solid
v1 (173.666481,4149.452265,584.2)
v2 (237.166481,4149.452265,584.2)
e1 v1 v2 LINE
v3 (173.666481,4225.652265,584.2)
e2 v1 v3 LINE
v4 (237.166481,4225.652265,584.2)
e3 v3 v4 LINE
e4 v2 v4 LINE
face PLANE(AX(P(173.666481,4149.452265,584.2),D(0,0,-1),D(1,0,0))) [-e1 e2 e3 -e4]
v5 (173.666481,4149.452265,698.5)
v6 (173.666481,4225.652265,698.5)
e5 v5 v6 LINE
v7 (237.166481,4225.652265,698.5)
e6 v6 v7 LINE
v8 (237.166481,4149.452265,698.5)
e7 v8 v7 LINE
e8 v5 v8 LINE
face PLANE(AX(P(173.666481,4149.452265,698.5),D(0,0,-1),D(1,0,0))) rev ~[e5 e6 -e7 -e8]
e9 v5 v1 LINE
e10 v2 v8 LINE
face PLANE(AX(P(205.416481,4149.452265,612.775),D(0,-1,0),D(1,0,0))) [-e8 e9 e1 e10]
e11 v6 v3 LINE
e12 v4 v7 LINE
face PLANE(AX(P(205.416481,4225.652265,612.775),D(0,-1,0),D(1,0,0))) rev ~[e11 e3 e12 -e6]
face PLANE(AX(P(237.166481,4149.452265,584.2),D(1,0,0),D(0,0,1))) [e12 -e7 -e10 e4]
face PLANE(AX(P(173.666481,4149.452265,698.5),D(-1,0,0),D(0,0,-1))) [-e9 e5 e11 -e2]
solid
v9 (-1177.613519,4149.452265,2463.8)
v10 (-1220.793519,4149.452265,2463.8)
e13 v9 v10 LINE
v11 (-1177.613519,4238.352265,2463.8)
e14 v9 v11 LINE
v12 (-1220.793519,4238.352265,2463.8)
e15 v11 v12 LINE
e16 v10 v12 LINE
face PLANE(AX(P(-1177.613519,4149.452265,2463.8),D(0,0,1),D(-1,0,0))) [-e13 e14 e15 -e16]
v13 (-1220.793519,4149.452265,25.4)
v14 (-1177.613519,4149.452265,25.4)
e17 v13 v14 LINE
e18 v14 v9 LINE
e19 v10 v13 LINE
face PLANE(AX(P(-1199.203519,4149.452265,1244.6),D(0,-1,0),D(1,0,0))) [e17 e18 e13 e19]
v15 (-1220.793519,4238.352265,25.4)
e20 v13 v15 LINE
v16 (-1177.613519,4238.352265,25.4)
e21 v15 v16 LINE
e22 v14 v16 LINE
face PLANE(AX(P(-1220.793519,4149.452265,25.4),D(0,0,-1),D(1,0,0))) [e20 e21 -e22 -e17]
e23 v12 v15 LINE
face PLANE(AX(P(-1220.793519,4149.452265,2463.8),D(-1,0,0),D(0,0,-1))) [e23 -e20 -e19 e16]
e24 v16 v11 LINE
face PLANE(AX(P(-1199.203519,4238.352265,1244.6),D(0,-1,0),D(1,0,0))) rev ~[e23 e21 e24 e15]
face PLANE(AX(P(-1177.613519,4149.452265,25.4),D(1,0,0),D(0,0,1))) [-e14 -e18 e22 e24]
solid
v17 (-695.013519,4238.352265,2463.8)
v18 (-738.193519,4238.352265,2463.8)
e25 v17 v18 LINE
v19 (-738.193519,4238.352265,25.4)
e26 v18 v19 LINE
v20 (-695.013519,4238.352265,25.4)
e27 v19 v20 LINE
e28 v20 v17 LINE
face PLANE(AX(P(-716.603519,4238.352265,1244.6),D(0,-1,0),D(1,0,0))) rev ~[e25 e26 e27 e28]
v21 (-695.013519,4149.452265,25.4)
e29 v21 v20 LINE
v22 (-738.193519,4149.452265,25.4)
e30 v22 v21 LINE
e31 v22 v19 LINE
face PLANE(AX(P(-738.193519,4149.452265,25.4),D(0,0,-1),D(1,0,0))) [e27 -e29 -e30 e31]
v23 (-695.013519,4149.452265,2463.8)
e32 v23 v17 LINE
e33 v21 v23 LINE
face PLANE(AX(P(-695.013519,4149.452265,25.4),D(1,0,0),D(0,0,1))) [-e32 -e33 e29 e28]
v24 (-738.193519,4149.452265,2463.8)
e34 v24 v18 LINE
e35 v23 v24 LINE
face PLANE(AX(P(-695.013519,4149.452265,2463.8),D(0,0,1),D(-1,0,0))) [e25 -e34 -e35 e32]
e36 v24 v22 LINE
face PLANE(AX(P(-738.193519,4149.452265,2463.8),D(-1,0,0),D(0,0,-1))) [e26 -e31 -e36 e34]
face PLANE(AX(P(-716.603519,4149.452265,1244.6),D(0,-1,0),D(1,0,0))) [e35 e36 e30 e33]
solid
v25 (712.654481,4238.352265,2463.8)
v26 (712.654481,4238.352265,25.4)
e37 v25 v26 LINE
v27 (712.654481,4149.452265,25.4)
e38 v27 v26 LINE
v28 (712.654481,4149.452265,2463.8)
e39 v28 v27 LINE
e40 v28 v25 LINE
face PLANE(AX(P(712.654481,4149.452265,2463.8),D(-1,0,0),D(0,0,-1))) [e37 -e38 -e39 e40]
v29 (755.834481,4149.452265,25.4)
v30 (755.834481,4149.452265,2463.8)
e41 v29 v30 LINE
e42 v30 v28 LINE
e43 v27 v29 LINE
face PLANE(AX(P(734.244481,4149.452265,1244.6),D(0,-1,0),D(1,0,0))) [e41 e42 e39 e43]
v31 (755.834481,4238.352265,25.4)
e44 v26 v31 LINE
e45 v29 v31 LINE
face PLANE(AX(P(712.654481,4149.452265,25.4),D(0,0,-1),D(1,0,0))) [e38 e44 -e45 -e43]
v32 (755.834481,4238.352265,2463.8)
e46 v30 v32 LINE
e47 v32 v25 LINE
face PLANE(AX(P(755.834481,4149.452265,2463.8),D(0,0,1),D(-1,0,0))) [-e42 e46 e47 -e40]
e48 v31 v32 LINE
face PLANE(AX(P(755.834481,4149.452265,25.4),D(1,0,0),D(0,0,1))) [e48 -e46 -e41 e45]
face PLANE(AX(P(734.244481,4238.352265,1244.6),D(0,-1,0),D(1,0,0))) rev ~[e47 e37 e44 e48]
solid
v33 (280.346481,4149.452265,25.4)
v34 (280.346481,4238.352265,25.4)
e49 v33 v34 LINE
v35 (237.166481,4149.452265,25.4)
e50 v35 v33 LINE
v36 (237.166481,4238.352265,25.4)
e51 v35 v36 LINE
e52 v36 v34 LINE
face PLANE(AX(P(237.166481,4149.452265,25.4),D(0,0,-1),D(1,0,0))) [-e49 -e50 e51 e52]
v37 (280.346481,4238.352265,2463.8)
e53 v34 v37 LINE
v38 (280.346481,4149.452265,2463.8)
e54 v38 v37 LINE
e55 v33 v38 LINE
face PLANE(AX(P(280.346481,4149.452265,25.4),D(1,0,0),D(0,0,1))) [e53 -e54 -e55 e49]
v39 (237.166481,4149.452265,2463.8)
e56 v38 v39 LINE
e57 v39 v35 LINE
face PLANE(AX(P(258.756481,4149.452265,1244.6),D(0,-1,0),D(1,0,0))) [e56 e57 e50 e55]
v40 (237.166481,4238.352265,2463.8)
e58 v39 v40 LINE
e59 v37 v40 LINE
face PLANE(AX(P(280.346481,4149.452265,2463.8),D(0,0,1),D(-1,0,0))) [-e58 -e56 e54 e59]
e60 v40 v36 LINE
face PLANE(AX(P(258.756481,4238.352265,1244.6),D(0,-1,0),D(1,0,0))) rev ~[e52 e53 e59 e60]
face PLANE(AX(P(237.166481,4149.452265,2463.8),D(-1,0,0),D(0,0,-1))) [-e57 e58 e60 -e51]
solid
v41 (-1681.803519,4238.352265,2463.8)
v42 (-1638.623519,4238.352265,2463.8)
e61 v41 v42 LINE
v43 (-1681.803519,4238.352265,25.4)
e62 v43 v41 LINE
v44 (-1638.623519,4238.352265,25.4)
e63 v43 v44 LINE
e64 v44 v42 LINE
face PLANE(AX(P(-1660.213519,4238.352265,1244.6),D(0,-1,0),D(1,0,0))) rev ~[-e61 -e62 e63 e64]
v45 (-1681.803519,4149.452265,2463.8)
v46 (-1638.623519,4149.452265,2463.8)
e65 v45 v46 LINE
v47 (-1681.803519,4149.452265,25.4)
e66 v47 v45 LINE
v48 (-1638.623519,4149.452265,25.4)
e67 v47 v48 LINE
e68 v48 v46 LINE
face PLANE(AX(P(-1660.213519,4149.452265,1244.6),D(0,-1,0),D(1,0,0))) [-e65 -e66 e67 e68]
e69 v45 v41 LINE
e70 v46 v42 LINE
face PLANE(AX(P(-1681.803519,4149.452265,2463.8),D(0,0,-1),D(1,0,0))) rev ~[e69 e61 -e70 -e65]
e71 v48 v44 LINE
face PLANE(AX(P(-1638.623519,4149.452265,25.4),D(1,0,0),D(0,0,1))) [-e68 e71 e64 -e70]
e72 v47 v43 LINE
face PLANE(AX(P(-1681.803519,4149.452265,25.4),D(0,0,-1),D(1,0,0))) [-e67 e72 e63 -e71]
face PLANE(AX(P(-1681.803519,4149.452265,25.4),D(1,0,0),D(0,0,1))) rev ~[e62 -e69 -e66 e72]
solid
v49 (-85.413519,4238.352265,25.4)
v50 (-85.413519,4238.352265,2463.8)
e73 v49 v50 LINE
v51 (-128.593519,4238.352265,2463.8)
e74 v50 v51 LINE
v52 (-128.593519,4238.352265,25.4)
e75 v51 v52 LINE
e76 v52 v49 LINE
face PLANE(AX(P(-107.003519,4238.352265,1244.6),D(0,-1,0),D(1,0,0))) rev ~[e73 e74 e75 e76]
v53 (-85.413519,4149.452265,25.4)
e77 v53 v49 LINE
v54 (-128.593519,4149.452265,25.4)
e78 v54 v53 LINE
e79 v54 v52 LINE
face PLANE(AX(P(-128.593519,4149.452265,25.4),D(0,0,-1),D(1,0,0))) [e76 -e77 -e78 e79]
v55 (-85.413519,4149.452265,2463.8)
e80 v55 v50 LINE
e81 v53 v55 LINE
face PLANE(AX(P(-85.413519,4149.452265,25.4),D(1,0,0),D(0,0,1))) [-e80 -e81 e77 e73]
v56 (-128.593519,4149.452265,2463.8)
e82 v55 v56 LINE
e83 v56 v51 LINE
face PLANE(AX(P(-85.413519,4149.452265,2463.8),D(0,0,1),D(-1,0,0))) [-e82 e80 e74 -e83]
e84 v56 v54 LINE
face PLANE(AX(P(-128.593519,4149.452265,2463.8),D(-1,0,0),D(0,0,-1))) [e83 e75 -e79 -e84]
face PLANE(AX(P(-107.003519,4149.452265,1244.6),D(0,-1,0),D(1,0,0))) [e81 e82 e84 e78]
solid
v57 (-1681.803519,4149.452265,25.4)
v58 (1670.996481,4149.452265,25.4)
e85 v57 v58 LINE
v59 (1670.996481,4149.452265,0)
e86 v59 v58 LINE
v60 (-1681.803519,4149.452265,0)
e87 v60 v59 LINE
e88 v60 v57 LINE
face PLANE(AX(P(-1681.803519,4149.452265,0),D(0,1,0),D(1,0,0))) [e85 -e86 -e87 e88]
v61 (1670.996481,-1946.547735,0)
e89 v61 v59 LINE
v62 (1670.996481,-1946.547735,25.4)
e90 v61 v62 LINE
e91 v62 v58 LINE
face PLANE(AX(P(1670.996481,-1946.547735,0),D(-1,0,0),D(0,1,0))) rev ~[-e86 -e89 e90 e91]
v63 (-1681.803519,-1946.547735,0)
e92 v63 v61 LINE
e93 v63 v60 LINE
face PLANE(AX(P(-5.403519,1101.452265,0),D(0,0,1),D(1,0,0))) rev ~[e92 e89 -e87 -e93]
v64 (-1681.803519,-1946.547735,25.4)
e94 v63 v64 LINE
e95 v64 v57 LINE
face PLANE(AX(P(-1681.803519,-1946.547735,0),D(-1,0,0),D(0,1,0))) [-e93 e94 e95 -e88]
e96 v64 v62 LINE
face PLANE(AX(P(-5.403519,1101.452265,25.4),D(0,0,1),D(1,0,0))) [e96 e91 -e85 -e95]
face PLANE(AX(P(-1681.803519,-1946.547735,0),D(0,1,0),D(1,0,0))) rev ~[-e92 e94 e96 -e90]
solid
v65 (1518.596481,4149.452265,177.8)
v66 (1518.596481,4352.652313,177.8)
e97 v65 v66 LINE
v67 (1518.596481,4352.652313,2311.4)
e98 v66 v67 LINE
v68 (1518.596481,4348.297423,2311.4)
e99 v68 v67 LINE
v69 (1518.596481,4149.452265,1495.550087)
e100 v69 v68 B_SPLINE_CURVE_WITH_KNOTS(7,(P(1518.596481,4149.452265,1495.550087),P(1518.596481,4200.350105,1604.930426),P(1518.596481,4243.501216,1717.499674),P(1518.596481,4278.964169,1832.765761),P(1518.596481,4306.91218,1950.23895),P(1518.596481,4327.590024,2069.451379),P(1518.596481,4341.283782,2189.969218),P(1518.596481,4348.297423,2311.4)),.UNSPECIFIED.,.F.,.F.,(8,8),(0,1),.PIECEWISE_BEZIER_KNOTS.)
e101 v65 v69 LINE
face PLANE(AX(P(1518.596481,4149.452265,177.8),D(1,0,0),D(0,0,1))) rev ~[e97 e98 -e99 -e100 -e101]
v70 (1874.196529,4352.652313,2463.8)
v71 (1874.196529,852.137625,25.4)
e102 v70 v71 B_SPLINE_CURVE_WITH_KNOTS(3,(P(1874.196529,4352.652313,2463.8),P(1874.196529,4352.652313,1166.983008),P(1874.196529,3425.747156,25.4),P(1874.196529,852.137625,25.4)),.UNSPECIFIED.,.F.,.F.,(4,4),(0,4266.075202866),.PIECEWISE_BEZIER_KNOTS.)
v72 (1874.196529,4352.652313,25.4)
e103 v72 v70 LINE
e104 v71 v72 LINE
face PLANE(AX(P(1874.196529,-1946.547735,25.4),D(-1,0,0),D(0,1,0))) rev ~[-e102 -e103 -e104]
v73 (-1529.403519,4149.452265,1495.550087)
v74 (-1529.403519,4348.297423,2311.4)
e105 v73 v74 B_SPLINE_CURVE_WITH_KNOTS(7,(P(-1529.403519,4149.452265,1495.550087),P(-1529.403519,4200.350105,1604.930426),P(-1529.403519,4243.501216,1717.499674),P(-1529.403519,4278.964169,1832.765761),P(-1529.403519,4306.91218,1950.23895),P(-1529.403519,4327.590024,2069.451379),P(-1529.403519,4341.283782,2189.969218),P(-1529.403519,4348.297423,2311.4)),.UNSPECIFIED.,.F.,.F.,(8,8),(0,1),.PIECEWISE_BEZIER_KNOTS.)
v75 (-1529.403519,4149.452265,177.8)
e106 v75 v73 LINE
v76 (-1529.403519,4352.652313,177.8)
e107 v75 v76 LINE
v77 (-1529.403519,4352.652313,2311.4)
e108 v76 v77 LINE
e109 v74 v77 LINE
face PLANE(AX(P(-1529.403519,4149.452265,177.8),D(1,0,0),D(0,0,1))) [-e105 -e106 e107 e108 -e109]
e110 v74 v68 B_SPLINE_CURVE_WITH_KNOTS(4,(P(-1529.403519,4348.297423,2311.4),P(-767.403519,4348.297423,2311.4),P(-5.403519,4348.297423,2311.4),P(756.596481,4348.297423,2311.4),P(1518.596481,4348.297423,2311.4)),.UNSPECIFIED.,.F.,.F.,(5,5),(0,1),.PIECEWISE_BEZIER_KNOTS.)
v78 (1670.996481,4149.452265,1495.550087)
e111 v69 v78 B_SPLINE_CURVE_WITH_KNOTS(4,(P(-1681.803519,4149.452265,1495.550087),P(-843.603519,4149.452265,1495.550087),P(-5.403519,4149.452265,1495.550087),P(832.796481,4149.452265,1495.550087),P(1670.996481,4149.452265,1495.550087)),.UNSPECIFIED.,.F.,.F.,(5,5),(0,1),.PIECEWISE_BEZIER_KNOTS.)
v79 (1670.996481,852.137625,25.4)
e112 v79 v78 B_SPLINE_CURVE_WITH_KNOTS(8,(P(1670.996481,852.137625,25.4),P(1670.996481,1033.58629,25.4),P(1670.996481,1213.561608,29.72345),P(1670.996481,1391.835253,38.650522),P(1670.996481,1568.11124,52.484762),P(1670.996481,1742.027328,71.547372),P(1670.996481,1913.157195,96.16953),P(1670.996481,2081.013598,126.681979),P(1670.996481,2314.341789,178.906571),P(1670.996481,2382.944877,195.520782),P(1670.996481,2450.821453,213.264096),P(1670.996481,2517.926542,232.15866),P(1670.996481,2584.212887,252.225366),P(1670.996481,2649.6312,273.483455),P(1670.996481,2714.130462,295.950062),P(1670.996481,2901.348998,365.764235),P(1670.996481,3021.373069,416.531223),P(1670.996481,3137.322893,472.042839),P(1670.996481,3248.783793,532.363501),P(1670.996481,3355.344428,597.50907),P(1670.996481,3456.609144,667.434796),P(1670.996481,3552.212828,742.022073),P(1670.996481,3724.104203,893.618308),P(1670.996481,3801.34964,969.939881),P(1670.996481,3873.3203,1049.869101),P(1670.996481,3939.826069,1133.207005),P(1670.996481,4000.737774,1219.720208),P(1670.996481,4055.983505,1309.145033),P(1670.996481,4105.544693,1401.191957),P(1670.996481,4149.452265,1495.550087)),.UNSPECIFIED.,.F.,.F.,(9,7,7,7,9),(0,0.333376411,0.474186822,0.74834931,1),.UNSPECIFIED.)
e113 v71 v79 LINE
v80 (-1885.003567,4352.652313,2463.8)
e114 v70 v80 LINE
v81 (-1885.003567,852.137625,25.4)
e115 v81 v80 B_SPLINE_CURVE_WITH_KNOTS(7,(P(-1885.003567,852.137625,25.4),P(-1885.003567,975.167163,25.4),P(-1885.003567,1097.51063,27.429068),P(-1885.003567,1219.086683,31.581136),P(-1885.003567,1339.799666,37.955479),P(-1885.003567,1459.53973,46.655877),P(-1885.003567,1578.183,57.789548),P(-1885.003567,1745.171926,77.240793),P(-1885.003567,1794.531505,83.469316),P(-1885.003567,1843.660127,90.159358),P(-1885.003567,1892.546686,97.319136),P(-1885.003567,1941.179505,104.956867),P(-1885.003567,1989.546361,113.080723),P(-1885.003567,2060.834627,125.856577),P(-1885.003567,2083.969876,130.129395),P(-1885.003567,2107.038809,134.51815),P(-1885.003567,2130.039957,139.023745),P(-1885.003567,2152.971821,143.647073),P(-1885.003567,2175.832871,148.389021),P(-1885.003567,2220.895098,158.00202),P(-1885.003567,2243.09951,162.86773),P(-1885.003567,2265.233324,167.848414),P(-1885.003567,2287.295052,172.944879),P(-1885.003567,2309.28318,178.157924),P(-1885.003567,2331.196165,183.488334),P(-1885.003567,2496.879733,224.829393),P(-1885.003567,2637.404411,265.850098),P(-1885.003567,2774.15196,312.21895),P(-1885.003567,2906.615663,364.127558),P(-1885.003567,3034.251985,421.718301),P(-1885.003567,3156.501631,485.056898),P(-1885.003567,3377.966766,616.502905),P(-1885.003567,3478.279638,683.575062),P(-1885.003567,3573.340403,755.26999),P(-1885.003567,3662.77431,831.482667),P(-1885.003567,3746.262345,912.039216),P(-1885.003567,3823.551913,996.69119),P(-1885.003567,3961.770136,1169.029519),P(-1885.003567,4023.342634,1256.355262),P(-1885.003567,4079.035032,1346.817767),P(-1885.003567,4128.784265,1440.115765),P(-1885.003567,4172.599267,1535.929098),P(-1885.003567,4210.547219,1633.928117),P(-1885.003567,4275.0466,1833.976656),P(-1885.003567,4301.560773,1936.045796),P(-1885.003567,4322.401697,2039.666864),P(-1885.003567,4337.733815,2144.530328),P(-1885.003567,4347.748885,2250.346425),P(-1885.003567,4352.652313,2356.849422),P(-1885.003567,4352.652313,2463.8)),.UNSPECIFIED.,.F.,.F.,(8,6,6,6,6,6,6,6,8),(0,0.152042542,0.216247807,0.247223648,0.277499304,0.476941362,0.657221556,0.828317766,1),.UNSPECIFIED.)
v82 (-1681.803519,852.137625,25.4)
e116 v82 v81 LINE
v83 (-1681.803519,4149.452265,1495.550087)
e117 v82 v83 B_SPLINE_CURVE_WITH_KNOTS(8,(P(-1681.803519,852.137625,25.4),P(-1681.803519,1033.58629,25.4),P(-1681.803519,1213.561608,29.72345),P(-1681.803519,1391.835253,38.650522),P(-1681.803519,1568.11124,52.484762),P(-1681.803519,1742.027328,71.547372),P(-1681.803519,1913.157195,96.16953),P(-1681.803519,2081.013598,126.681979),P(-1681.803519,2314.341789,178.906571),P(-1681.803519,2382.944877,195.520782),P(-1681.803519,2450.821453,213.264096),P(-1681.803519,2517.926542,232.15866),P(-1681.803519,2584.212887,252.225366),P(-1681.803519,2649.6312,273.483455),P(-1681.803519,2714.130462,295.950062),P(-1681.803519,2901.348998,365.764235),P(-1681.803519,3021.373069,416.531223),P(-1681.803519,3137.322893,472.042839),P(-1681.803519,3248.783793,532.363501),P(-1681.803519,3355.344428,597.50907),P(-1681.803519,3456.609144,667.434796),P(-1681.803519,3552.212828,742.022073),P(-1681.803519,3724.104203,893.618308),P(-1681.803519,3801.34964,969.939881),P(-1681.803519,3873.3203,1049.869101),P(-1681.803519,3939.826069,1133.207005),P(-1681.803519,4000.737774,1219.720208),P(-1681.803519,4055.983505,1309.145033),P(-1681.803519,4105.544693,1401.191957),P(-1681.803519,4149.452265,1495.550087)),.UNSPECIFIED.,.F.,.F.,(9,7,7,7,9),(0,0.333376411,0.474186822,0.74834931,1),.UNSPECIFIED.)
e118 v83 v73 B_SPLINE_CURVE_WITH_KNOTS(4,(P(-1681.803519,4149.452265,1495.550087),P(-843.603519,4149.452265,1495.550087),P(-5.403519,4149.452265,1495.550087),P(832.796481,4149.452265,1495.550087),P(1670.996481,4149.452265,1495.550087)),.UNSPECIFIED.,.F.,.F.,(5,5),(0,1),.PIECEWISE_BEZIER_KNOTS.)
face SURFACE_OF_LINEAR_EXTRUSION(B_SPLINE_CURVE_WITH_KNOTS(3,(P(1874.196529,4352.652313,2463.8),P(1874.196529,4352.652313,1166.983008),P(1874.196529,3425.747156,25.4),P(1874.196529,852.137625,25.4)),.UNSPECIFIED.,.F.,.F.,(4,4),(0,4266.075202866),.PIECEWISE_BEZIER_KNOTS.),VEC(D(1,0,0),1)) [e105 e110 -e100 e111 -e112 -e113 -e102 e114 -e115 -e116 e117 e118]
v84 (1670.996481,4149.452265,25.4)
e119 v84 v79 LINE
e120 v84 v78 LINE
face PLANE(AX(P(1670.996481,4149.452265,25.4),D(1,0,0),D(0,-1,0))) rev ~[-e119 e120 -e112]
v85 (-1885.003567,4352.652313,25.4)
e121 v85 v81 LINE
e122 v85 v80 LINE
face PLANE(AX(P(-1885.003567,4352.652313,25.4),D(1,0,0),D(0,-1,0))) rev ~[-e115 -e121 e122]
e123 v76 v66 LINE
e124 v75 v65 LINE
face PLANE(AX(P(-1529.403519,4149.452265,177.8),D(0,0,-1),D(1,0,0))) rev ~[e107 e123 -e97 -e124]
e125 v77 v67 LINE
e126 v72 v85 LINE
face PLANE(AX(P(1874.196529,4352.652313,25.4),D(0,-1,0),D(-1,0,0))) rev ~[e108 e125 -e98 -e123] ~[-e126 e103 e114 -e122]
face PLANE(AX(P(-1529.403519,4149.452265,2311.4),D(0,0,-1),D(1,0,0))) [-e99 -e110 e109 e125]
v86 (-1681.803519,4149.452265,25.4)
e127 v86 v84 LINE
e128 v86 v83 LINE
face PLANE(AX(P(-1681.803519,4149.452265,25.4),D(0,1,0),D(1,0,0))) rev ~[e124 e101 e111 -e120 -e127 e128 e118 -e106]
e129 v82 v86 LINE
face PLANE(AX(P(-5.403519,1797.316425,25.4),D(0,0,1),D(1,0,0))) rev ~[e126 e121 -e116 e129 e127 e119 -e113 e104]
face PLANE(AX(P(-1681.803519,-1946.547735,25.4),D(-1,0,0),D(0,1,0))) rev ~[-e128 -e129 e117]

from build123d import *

# Parameters (mm, degrees)
F0_W      = 3352.8
F0_H      = 6096
F1_DEPTH  = 25.4
F3_DEPTH  = 2438.4
F5_W      = 3048
F5_H      = 2133.6
F6_DEPTH  = 203.2000480652
F8_DEPTH  = 88.9
F7_W      = 43.18
F7_H      = 2438.4
F9_W      = 63.5
F9_H      = 57.15
F9_R      = 18.2732775263
F10_DEPTH = 76.2
F11_DEPTH = 3759.2010961304


with BuildPart() as f1:
    # F0 (on Top) → F1 (new body)
    with BuildSketch(Plane.XY):
        with Locations((-5.4035186768, 1101.4522645245)):
            Rectangle(F0_W, F0_H)
    extrude(amount=F1_DEPTH)


with BuildPart() as f3:
    # F2 (on face) → F3 (new body)
    with BuildSketch(Plane.XY.offset(25.4)):
        Polygon((-1681.8035186768, -1946.5477354755), (-1681.8035186768, 4149.4522645245), (1670.9964813232, 4149.4522645245), (1670.9964813232, -1946.5477354755), (1874.1965293884, -1946.5477354755), (1874.1965293884, 4352.6523125897), (-1885.0035667419, 4352.6523125897), (-1885.0035667419, -1946.5477354755), align=None)
    extrude(amount=F3_DEPTH)

    # F5 (on face) → F6 (cut, through all)
    with BuildSketch(Plane.XZ.offset(-4149.4522645245)):
        with Locations((-5.4035186768, 1244.6)):
            Rectangle(F5_W, F5_H)
    extrude(amount=-F6_DEPTH, mode=Mode.SUBTRACT)

    # F4 (on face) → F11 (cut, through all)
    with BuildSketch(Plane.YZ.offset(1874.1965293884)):
        with BuildLine():
            add(Edge.make_bspline(
                [(4352.6523125897, 2463.8), (4352.6523125897, 1166.9830083847), (3425.7471561432, 25.4), (852.1376252174, 25.4)],
                knots=[0, 0, 0, 0, 4266.0752028661, 4266.0752028661, 4266.0752028661, 4266.0752028661], degree=3))
            Line((4352.6523125897, 2463.8), (-1946.5477354755, 2463.8))
            Line((-1946.5477354755, 2463.8), (-1946.5477354755, 25.4))
            Line((-1946.5477354755, 25.4), (852.1376252174, 25.4))
        make_face()
    extrude(amount=-F11_DEPTH, mode=Mode.SUBTRACT)


with BuildPart() as f8:
    # F7 (on face) → F8 (new body)
    with BuildSketch(Plane.XZ.offset(-4149.4522645245)):
        Polygon((734.2444813232, 2463.8), (712.6544813232, 2463.8), (712.6544813232, 25.4), (755.8344813232, 25.4), (755.8344813232, 2463.8), align=None)
    extrude(amount=-F8_DEPTH)


with BuildPart() as f8b:
    # F7 (on face) → F8, piece 2 (new body)
    with BuildSketch(Plane.XZ.offset(-4149.4522645245)):
        Polygon((258.7564813232, 2463.8), (237.1664813232, 2463.8), (237.1664813232, 25.4), (280.3464813232, 25.4), (280.3464813232, 2463.8), align=None)
    extrude(amount=-F8_DEPTH)


with BuildPart() as f8c:
    # F7 (on face) → F8, piece 3 (new body)
    with BuildSketch(Plane.XZ.offset(-4149.4522645245)):
        Polygon((-107.0035186768, 2463.8), (-128.5935186768, 2463.8), (-128.5935186768, 25.4), (-85.4135186768, 25.4), (-85.4135186768, 2463.8), align=None)
    extrude(amount=-F8_DEPTH)


with BuildPart() as f8d:
    # F7 (on face) → F8, piece 4 (new body)
    with BuildSketch(Plane.XZ.offset(-4149.4522645245)):
        Polygon((-716.6035186768, 2463.8), (-738.1935186768, 2463.8), (-738.1935186768, 25.4), (-695.0135186768, 25.4), (-695.0135186768, 2463.8), align=None)
    extrude(amount=-F8_DEPTH)


with BuildPart() as f8e:
    # F7 (on face) → F8, piece 5 (new body)
    with BuildSketch(Plane.XZ.offset(-4149.4522645245)):
        Polygon((-1199.2035186768, 2463.8), (-1220.7935186768, 2463.8), (-1220.7935186768, 25.4), (-1177.6135186768, 25.4), (-1177.6135186768, 2463.8), align=None)
    extrude(amount=-F8_DEPTH)


with BuildPart() as f8f:
    # F7 (on face) → F8, piece 6 (new body)
    with BuildSketch(Plane.XZ.offset(-4149.4522645245)):
        with Locations((-1660.2135186768, 1244.6)):
            Rectangle(F7_W, F7_H)
    extrude(amount=-F8_DEPTH)


with BuildPart() as f10:
    # F9 (on face) → F10 (new body)
    with BuildSketch(Plane.XZ.offset(-4149.4522645245)):
        with Locations((205.4164813232, 612.775)):
            Rectangle(F9_W, F9_H)
        with Locations((206.4785659313, 613.4417653084)):
            Circle(F9_R, mode=Mode.SUBTRACT)
        with Locations((206.4785659313, 613.4417653084)):
            Circle(F9_R)
        with Locations((205.4164813232, 669.925)):
            Rectangle(F9_W, F9_H)
        with Locations((206.4706981182, 669.3662405014)):
            Circle(F9_R, mode=Mode.SUBTRACT)
        with Locations((206.4706981182, 669.3662405014)):
            Circle(F9_R)
    extrude(amount=-F10_DEPTH)


solid = Compound([f1.part, f3.part, f8.part, f8b.part, f8c.part, f8d.part, f8e.part, f8f.part, f10.part])
